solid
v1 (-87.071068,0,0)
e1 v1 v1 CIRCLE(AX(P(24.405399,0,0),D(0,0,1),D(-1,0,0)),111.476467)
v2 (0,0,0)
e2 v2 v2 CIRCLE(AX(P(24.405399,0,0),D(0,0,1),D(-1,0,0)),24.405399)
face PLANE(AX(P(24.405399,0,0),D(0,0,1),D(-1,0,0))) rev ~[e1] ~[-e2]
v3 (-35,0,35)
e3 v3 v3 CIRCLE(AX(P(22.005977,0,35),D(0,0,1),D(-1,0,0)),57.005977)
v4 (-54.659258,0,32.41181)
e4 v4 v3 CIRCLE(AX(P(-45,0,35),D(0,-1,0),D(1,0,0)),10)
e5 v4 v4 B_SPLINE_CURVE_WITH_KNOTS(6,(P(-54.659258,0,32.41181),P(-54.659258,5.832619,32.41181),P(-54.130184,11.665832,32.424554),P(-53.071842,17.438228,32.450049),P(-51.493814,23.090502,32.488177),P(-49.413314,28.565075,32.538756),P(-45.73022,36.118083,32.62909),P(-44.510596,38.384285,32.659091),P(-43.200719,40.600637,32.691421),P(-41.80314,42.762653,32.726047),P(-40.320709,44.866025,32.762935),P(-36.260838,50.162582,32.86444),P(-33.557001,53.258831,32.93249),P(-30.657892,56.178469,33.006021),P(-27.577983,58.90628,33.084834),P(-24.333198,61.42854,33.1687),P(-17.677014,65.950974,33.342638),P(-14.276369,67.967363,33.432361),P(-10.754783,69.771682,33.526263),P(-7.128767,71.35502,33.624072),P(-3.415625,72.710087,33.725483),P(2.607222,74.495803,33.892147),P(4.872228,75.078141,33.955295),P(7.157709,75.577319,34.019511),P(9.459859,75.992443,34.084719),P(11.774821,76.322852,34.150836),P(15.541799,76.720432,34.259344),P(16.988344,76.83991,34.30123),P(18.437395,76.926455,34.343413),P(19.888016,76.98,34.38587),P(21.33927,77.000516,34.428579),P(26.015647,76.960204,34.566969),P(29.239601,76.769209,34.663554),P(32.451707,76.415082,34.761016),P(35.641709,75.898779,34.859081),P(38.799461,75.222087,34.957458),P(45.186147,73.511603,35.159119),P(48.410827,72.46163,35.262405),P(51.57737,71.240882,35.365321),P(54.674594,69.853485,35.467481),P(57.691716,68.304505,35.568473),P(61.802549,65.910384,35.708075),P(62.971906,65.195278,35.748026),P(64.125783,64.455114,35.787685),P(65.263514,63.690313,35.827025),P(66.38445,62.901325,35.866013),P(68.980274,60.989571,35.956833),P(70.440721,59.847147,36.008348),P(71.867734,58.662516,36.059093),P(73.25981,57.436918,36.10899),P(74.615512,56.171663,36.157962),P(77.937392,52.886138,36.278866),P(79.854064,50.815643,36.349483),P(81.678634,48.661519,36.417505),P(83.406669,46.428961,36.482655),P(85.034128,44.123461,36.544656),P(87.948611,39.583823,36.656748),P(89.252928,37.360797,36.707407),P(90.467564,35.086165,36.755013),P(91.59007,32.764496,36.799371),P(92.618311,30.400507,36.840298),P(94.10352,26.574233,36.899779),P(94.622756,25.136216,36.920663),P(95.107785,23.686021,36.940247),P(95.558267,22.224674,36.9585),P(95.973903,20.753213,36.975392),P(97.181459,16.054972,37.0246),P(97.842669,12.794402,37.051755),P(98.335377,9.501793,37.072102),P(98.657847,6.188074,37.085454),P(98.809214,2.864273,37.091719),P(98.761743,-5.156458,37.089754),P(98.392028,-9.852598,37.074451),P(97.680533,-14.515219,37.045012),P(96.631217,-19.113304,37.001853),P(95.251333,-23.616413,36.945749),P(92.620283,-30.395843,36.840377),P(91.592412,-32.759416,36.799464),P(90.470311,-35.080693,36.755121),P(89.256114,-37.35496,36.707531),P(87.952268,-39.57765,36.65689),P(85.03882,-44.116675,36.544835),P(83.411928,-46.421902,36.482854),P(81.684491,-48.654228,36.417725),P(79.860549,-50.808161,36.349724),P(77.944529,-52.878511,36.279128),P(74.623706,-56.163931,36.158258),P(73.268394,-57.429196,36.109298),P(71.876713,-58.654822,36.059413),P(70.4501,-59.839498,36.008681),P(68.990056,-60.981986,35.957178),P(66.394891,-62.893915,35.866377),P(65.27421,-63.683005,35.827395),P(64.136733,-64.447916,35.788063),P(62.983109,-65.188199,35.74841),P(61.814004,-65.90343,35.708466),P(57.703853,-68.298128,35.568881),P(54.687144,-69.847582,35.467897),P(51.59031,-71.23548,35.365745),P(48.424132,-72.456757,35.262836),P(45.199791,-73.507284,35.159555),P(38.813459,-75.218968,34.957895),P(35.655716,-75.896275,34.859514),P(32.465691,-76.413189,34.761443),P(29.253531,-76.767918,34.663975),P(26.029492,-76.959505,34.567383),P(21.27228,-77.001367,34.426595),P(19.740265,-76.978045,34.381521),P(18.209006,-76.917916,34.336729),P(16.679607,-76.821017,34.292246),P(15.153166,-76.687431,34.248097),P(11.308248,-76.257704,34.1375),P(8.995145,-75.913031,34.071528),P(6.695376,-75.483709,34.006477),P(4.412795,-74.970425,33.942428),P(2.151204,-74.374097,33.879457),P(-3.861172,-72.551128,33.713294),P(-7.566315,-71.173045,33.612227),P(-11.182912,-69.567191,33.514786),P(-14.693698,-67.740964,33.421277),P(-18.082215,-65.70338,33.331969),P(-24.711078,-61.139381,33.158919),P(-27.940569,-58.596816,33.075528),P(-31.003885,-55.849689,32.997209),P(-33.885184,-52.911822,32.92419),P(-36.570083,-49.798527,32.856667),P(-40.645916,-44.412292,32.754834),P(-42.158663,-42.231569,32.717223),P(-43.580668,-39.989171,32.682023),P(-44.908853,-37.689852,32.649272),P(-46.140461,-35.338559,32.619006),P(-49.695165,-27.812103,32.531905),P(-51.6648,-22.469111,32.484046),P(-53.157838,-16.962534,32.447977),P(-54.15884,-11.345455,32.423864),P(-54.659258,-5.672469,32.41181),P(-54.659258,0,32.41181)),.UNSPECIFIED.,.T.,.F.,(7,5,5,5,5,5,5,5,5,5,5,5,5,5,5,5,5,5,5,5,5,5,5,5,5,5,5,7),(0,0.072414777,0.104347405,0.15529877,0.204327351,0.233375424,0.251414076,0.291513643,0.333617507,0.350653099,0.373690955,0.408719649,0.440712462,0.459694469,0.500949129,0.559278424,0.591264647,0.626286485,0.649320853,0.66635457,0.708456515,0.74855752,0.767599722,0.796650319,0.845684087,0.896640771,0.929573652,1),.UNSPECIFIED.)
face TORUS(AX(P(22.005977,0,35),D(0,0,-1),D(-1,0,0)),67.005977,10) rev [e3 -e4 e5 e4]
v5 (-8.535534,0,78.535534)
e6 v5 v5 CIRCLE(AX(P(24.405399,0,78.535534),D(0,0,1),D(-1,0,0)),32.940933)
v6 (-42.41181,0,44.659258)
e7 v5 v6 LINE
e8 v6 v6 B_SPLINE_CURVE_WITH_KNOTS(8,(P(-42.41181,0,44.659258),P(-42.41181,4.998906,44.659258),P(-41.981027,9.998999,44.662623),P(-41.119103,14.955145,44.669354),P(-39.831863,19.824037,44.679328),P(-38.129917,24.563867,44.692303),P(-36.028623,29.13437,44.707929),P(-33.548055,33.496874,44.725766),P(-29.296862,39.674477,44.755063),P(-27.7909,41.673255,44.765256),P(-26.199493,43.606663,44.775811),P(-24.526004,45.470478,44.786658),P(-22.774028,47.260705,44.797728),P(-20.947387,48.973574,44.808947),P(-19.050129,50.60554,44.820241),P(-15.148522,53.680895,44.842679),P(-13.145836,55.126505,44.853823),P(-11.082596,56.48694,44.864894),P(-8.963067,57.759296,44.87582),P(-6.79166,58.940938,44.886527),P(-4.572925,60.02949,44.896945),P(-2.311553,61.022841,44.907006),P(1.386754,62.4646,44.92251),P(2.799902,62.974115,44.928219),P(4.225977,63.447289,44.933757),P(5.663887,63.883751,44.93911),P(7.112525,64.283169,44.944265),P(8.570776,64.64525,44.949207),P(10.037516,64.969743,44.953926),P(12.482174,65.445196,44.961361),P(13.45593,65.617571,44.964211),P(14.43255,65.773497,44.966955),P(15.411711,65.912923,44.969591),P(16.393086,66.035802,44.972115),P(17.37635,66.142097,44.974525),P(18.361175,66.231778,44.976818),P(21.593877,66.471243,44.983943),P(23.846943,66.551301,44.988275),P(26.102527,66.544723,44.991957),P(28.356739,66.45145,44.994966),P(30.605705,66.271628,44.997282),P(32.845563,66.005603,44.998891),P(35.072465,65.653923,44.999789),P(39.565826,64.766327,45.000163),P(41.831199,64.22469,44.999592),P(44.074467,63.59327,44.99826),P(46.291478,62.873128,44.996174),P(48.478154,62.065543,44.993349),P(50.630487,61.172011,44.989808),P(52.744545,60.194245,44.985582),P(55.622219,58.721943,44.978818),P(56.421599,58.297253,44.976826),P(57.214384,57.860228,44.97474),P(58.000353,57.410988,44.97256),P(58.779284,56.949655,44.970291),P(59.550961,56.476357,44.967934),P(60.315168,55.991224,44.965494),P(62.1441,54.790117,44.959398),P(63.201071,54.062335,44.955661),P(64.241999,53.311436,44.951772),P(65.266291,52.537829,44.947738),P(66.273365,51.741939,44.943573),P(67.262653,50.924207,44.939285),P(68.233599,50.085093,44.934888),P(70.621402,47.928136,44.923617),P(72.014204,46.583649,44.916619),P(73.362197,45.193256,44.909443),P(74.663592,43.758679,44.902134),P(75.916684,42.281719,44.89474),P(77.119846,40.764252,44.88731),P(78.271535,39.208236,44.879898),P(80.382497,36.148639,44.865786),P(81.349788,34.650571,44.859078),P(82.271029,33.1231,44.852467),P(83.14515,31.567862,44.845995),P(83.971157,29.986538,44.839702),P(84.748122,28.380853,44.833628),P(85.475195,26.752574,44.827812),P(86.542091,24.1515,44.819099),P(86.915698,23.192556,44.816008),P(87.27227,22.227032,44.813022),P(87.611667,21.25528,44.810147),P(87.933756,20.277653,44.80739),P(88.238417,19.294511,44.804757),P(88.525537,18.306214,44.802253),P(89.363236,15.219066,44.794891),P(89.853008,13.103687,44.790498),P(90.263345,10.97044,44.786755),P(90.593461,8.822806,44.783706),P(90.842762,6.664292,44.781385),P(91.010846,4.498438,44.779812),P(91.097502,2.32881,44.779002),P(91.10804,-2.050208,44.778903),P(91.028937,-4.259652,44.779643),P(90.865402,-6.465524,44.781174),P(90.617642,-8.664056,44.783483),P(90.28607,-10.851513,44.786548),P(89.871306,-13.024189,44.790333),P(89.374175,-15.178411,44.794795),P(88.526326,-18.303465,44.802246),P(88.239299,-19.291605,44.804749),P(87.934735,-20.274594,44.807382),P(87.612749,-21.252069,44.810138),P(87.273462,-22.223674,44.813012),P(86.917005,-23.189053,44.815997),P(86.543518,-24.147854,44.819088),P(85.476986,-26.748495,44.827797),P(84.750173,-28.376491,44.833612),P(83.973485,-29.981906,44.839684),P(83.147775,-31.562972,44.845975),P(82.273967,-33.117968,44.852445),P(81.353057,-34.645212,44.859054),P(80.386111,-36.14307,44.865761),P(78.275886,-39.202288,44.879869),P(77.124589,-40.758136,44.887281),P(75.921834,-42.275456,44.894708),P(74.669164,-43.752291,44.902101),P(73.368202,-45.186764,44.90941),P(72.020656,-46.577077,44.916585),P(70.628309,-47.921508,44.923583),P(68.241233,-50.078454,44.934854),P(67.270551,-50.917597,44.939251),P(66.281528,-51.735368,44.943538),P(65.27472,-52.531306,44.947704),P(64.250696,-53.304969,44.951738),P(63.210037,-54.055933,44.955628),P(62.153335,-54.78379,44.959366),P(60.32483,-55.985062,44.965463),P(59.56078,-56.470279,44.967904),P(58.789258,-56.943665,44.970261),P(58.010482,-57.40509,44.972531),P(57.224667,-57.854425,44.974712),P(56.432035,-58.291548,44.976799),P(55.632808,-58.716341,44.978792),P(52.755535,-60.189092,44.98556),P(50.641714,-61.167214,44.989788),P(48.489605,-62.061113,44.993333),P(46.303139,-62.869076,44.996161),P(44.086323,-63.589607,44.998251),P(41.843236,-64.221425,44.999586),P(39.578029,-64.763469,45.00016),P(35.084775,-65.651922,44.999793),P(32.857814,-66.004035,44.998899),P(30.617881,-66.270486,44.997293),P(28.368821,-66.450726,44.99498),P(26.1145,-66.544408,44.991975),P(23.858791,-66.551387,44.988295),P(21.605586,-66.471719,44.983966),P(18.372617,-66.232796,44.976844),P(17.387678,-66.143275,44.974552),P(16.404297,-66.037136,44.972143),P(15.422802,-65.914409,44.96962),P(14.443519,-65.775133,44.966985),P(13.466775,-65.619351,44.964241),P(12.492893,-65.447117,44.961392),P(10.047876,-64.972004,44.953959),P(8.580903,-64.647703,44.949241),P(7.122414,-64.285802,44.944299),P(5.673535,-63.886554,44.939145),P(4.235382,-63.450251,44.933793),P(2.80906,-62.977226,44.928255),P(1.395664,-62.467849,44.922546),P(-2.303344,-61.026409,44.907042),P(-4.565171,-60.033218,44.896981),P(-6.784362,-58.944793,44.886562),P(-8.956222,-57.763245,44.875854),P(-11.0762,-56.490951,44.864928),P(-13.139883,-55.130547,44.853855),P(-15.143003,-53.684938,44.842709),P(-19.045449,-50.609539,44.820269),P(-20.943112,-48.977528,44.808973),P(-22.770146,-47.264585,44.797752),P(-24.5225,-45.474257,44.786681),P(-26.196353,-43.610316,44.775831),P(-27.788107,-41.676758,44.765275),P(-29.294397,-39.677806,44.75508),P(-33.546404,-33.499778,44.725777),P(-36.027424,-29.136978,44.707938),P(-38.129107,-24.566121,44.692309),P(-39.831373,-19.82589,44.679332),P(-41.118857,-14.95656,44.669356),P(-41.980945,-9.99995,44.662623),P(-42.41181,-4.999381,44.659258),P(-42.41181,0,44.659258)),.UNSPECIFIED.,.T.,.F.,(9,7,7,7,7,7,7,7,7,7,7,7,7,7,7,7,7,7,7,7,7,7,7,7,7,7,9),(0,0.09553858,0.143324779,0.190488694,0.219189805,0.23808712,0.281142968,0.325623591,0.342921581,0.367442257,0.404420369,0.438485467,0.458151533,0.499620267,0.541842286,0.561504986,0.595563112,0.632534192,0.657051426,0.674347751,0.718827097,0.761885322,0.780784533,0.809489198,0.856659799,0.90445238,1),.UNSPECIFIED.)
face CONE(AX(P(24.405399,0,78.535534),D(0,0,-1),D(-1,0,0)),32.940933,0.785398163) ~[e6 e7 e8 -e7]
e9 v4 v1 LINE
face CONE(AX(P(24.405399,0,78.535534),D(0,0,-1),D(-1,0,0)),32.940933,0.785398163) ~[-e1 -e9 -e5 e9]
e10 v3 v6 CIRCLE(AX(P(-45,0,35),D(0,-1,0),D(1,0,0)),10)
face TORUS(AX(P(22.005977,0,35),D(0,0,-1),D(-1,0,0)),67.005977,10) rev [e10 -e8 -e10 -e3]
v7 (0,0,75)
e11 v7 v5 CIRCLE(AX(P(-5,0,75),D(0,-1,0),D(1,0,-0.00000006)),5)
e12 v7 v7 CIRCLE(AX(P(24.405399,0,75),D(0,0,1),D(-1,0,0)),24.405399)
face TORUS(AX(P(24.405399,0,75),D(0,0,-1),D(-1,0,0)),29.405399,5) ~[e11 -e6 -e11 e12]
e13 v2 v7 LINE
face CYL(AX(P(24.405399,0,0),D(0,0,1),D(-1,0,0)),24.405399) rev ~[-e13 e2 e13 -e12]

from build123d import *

# Parameters (mm, degrees)
F2_R = 10


with BuildPart() as f1:
    # F0 (on Front) → F1 (revolve)
    with BuildSketch(Plane.XZ):
        with BuildLine():
            Line((-8.535534, 78.535534), (-87.071068, 0))
            Line((-87.071068, 0), (0, 0))
            Line((0, 0), (0, 75))
            ThreePointArc((0, 75), (-3.086583, 79.619398), (-8.535534, 78.535534))
        make_face()
    revolve(axis=Axis((24.405399, 0, 40.663438), (0, 0, 1)))

    # F2 (on Front) → F3 (revolve, cut)
    with BuildSketch(Plane.XZ):
        with Locations((-45, 35)):
            Circle(F2_R)
    revolve(axis=Axis((22.005977, 0, 52.660808), (0, 0, 1)), mode=Mode.SUBTRACT)


solid = f1.part
